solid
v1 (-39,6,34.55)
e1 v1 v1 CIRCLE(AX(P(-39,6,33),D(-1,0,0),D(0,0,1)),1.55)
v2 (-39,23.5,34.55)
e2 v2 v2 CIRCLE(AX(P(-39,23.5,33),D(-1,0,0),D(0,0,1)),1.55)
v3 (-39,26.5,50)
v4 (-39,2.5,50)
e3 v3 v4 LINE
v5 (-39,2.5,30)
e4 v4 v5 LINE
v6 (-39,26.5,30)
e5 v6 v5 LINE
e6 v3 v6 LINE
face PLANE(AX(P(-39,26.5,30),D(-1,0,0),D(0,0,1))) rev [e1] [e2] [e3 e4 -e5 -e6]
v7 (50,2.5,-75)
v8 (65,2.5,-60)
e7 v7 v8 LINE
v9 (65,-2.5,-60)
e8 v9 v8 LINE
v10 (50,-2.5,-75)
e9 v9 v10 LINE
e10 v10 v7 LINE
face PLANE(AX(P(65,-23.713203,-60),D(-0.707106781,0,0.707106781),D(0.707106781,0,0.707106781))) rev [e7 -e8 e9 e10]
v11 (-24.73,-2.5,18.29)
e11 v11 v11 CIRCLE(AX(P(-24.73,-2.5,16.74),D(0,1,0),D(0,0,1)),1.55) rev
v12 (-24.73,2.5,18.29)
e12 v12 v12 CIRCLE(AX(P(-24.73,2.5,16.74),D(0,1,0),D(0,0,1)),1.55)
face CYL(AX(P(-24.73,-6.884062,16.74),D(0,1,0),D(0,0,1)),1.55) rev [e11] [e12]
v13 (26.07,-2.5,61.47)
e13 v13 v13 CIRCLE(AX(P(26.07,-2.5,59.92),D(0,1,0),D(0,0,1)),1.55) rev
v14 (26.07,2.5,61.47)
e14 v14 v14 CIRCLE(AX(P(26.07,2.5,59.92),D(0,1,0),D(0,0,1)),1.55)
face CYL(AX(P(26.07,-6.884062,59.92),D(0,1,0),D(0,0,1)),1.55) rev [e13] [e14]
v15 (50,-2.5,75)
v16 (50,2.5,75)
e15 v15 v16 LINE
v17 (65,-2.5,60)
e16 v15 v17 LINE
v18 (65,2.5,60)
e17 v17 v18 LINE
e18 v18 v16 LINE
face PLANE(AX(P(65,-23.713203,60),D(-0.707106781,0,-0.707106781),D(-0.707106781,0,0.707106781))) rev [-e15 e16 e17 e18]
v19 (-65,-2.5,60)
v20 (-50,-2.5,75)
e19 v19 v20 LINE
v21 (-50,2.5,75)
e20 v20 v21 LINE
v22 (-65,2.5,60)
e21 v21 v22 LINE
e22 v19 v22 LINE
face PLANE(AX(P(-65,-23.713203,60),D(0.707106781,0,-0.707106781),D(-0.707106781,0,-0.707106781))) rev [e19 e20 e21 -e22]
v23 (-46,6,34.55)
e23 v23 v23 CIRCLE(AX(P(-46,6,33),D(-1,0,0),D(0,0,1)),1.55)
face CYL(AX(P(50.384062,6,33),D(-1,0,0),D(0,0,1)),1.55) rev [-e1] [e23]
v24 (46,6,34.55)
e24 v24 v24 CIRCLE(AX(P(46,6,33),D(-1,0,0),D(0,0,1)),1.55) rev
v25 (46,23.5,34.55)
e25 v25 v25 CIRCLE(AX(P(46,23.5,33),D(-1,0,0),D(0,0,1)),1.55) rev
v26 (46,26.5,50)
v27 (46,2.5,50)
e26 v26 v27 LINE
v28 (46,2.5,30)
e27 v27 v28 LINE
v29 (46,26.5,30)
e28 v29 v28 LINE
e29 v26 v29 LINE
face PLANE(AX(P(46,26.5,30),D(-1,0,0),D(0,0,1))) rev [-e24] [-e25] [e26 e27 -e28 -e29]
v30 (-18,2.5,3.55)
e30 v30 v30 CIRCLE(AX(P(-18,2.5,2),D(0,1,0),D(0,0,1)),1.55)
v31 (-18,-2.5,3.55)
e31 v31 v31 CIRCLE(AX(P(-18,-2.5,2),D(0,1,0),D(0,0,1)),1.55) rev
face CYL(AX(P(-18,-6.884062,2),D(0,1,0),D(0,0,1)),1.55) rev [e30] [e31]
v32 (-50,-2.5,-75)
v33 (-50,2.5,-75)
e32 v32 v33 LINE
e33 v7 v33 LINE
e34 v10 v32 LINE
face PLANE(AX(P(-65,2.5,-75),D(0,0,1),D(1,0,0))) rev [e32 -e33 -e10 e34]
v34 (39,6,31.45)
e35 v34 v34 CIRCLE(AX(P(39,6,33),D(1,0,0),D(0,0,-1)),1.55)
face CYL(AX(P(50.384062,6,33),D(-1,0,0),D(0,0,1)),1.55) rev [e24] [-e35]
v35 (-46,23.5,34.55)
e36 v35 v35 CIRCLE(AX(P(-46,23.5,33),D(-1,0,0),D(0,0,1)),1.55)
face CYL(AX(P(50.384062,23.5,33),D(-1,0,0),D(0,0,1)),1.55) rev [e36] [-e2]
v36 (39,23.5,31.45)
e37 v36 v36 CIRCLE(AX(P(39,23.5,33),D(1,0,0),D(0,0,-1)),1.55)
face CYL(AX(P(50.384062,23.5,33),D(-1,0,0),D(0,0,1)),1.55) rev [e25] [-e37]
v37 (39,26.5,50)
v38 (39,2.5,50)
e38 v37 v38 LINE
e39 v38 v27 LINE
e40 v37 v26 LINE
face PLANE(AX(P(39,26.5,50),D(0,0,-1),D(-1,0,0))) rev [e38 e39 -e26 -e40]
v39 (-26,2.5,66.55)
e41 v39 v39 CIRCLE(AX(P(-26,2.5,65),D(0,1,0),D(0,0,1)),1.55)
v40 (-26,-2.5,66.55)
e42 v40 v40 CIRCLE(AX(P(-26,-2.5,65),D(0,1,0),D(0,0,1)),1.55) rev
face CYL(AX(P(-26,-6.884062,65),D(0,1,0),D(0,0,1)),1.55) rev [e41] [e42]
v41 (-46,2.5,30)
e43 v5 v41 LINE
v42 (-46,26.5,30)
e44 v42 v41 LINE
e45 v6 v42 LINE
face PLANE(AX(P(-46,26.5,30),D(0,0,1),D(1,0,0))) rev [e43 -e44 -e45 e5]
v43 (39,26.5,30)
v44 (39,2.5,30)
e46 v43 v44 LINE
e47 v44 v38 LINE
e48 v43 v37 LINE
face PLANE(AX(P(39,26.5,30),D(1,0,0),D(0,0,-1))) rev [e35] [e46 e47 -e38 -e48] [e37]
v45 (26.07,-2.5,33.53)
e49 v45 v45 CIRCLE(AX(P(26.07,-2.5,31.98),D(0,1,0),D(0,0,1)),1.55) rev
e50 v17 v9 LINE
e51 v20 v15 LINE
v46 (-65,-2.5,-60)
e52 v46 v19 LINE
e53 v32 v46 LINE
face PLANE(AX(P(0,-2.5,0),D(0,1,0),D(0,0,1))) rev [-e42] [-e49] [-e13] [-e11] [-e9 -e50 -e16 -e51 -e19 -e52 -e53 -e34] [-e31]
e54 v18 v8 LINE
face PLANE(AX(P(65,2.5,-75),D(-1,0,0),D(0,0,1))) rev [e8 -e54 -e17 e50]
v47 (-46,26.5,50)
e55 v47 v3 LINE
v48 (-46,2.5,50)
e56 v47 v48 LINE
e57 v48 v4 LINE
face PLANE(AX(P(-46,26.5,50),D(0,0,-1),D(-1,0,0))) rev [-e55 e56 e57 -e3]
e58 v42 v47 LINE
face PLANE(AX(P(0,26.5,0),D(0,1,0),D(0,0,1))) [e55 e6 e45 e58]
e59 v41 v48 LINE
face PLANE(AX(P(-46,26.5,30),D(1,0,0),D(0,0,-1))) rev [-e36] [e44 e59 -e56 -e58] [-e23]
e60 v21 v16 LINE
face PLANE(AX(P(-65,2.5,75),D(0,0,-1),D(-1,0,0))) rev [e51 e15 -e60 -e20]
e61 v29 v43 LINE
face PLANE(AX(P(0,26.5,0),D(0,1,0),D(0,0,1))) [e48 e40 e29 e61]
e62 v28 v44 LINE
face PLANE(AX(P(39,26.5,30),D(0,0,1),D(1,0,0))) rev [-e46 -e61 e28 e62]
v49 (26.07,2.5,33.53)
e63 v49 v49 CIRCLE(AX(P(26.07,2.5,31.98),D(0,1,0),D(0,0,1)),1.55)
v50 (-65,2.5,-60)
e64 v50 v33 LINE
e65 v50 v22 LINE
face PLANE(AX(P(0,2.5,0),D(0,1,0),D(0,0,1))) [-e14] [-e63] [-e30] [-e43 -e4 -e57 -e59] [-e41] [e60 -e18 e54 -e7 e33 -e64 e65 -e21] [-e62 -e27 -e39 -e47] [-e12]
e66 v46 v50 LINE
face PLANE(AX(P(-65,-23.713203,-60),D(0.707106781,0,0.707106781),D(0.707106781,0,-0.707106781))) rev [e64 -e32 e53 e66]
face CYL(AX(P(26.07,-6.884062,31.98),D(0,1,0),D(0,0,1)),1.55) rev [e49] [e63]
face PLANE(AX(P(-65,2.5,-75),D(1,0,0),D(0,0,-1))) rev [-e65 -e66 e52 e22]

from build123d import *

# Parameters (mm, degrees)
SKETCH1_W           = 130
SKETCH1_H           = 150
BOSS_EXTRUDE1_DEPTH = 2.5
SKETCH4_R           = 1.55
CUT_EXTRUDE2_DEPTH  = 5
SKETCH5_W           = 7
SKETCH5_H           = 20
BOSS_EXTRUDE3_DEPTH = 24
CUT_EXTRUDE3_REACH  = 138.559
SKETCH6_R           = 1.55
CUT_EXTRUDE4_DEPTH  = 5


with BuildPart() as part:
    # Sketch1 → Boss-Extrude1 (new, symmetric)
    with BuildSketch(Plane(origin=(0, 0, 0), x_dir=(1, 0, 0), z_dir=(0, 1, 0))):
        Rectangle(SKETCH1_W, SKETCH1_H)
    extrude(amount=BOSS_EXTRUDE1_DEPTH, both=True)

    # Sketch4 → Cut-Extrude2 (cut)
    with BuildSketch(Plane(origin=(0, 2.5, 0), x_dir=(1, 0, 0), z_dir=(0, 1, 0))):
        with Locations(Location((-24.73, -16.74, 0), (0, 0, 270))):
            Circle(SKETCH4_R)
        with Locations(Location((26.07, -31.98, 0), (0, 0, 270))):
            Circle(SKETCH4_R)
        with Locations(Location((-26, -65, 0), (0, 0, 270))):
            Circle(SKETCH4_R)
        with Locations(Location((26.07, -59.92, 0), (0, 0, 270))):
            Circle(SKETCH4_R)
        with Locations(Location((-18, -2, 0), (0, 0, 270))):
            Circle(SKETCH4_R)
    extrude(amount=-CUT_EXTRUDE2_DEPTH, mode=Mode.SUBTRACT)

    # Sketch5 → Boss-Extrude3 (add)
    with BuildSketch(Plane(origin=(0, 2.5, 0), x_dir=(1, 0, 0), z_dir=(0, 1, 0))):
        with Locations((-42.5, -40)):
            Rectangle(SKETCH5_W, SKETCH5_H)
        with Locations((42.5, -40)):
            Rectangle(SKETCH5_W, SKETCH5_H)
    extrude(amount=BOSS_EXTRUDE3_DEPTH)

    # Cut-Extrude3: up to this face of the body (flat: up to its plane)
    cut_extrude3_end = Plane(part.part.faces().sort_by_distance((46, 14.5, 40))[0])
    # Sketch6 → Cut-Extrude3 (cut, up to the picked face)
    with BuildSketch(Plane.ZY.offset(46), mode=Mode.PRIVATE) as cut_extrude3_sk1:
        with Locations((33, 23.5)):
            Circle(SKETCH6_R)
    cut_extrude3_tool1 = split(extrude(cut_extrude3_sk1.sketch, amount=-CUT_EXTRUDE3_REACH, mode=Mode.PRIVATE), bisect_by=cut_extrude3_end, keep=Keep.BOTH, mode=Mode.PRIVATE)
    # Sketch6 → Cut-Extrude3 (cut, up to the picked face)
    with BuildSketch(Plane.ZY.offset(46), mode=Mode.PRIVATE) as cut_extrude3_sk2:
        with Locations((33, 6)):
            Circle(SKETCH6_R)
    cut_extrude3_tool2 = split(extrude(cut_extrude3_sk2.sketch, amount=-CUT_EXTRUDE3_REACH, mode=Mode.PRIVATE), bisect_by=cut_extrude3_end, keep=Keep.BOTH, mode=Mode.PRIVATE)
    add(cut_extrude3_tool1.solids().sort_by(Axis((-46, 23.5, 33), (1, 0, 0)))[0], mode=Mode.SUBTRACT)
    add(cut_extrude3_tool2.solids().sort_by(Axis((-46, 6, 33), (1, 0, 0)))[0], mode=Mode.SUBTRACT)

    # Sketch7 → Cut-Extrude4 (cut)
    with BuildSketch(Plane(origin=(0, 2.5, 0), x_dir=(1, 0, 0), z_dir=(0, 1, 0))):
        Polygon((-65, -75), (-65, -60), (-50, -75), align=None)
        Polygon((65, -75), (65, -60), (50, -75), align=None)
        Polygon((-65, 75), (-65, 60), (-50, 75), align=None)
        Polygon((65, 75), (65, 60), (50, 75), align=None)
    extrude(amount=-CUT_EXTRUDE4_DEPTH, mode=Mode.SUBTRACT)


solid = part.part
